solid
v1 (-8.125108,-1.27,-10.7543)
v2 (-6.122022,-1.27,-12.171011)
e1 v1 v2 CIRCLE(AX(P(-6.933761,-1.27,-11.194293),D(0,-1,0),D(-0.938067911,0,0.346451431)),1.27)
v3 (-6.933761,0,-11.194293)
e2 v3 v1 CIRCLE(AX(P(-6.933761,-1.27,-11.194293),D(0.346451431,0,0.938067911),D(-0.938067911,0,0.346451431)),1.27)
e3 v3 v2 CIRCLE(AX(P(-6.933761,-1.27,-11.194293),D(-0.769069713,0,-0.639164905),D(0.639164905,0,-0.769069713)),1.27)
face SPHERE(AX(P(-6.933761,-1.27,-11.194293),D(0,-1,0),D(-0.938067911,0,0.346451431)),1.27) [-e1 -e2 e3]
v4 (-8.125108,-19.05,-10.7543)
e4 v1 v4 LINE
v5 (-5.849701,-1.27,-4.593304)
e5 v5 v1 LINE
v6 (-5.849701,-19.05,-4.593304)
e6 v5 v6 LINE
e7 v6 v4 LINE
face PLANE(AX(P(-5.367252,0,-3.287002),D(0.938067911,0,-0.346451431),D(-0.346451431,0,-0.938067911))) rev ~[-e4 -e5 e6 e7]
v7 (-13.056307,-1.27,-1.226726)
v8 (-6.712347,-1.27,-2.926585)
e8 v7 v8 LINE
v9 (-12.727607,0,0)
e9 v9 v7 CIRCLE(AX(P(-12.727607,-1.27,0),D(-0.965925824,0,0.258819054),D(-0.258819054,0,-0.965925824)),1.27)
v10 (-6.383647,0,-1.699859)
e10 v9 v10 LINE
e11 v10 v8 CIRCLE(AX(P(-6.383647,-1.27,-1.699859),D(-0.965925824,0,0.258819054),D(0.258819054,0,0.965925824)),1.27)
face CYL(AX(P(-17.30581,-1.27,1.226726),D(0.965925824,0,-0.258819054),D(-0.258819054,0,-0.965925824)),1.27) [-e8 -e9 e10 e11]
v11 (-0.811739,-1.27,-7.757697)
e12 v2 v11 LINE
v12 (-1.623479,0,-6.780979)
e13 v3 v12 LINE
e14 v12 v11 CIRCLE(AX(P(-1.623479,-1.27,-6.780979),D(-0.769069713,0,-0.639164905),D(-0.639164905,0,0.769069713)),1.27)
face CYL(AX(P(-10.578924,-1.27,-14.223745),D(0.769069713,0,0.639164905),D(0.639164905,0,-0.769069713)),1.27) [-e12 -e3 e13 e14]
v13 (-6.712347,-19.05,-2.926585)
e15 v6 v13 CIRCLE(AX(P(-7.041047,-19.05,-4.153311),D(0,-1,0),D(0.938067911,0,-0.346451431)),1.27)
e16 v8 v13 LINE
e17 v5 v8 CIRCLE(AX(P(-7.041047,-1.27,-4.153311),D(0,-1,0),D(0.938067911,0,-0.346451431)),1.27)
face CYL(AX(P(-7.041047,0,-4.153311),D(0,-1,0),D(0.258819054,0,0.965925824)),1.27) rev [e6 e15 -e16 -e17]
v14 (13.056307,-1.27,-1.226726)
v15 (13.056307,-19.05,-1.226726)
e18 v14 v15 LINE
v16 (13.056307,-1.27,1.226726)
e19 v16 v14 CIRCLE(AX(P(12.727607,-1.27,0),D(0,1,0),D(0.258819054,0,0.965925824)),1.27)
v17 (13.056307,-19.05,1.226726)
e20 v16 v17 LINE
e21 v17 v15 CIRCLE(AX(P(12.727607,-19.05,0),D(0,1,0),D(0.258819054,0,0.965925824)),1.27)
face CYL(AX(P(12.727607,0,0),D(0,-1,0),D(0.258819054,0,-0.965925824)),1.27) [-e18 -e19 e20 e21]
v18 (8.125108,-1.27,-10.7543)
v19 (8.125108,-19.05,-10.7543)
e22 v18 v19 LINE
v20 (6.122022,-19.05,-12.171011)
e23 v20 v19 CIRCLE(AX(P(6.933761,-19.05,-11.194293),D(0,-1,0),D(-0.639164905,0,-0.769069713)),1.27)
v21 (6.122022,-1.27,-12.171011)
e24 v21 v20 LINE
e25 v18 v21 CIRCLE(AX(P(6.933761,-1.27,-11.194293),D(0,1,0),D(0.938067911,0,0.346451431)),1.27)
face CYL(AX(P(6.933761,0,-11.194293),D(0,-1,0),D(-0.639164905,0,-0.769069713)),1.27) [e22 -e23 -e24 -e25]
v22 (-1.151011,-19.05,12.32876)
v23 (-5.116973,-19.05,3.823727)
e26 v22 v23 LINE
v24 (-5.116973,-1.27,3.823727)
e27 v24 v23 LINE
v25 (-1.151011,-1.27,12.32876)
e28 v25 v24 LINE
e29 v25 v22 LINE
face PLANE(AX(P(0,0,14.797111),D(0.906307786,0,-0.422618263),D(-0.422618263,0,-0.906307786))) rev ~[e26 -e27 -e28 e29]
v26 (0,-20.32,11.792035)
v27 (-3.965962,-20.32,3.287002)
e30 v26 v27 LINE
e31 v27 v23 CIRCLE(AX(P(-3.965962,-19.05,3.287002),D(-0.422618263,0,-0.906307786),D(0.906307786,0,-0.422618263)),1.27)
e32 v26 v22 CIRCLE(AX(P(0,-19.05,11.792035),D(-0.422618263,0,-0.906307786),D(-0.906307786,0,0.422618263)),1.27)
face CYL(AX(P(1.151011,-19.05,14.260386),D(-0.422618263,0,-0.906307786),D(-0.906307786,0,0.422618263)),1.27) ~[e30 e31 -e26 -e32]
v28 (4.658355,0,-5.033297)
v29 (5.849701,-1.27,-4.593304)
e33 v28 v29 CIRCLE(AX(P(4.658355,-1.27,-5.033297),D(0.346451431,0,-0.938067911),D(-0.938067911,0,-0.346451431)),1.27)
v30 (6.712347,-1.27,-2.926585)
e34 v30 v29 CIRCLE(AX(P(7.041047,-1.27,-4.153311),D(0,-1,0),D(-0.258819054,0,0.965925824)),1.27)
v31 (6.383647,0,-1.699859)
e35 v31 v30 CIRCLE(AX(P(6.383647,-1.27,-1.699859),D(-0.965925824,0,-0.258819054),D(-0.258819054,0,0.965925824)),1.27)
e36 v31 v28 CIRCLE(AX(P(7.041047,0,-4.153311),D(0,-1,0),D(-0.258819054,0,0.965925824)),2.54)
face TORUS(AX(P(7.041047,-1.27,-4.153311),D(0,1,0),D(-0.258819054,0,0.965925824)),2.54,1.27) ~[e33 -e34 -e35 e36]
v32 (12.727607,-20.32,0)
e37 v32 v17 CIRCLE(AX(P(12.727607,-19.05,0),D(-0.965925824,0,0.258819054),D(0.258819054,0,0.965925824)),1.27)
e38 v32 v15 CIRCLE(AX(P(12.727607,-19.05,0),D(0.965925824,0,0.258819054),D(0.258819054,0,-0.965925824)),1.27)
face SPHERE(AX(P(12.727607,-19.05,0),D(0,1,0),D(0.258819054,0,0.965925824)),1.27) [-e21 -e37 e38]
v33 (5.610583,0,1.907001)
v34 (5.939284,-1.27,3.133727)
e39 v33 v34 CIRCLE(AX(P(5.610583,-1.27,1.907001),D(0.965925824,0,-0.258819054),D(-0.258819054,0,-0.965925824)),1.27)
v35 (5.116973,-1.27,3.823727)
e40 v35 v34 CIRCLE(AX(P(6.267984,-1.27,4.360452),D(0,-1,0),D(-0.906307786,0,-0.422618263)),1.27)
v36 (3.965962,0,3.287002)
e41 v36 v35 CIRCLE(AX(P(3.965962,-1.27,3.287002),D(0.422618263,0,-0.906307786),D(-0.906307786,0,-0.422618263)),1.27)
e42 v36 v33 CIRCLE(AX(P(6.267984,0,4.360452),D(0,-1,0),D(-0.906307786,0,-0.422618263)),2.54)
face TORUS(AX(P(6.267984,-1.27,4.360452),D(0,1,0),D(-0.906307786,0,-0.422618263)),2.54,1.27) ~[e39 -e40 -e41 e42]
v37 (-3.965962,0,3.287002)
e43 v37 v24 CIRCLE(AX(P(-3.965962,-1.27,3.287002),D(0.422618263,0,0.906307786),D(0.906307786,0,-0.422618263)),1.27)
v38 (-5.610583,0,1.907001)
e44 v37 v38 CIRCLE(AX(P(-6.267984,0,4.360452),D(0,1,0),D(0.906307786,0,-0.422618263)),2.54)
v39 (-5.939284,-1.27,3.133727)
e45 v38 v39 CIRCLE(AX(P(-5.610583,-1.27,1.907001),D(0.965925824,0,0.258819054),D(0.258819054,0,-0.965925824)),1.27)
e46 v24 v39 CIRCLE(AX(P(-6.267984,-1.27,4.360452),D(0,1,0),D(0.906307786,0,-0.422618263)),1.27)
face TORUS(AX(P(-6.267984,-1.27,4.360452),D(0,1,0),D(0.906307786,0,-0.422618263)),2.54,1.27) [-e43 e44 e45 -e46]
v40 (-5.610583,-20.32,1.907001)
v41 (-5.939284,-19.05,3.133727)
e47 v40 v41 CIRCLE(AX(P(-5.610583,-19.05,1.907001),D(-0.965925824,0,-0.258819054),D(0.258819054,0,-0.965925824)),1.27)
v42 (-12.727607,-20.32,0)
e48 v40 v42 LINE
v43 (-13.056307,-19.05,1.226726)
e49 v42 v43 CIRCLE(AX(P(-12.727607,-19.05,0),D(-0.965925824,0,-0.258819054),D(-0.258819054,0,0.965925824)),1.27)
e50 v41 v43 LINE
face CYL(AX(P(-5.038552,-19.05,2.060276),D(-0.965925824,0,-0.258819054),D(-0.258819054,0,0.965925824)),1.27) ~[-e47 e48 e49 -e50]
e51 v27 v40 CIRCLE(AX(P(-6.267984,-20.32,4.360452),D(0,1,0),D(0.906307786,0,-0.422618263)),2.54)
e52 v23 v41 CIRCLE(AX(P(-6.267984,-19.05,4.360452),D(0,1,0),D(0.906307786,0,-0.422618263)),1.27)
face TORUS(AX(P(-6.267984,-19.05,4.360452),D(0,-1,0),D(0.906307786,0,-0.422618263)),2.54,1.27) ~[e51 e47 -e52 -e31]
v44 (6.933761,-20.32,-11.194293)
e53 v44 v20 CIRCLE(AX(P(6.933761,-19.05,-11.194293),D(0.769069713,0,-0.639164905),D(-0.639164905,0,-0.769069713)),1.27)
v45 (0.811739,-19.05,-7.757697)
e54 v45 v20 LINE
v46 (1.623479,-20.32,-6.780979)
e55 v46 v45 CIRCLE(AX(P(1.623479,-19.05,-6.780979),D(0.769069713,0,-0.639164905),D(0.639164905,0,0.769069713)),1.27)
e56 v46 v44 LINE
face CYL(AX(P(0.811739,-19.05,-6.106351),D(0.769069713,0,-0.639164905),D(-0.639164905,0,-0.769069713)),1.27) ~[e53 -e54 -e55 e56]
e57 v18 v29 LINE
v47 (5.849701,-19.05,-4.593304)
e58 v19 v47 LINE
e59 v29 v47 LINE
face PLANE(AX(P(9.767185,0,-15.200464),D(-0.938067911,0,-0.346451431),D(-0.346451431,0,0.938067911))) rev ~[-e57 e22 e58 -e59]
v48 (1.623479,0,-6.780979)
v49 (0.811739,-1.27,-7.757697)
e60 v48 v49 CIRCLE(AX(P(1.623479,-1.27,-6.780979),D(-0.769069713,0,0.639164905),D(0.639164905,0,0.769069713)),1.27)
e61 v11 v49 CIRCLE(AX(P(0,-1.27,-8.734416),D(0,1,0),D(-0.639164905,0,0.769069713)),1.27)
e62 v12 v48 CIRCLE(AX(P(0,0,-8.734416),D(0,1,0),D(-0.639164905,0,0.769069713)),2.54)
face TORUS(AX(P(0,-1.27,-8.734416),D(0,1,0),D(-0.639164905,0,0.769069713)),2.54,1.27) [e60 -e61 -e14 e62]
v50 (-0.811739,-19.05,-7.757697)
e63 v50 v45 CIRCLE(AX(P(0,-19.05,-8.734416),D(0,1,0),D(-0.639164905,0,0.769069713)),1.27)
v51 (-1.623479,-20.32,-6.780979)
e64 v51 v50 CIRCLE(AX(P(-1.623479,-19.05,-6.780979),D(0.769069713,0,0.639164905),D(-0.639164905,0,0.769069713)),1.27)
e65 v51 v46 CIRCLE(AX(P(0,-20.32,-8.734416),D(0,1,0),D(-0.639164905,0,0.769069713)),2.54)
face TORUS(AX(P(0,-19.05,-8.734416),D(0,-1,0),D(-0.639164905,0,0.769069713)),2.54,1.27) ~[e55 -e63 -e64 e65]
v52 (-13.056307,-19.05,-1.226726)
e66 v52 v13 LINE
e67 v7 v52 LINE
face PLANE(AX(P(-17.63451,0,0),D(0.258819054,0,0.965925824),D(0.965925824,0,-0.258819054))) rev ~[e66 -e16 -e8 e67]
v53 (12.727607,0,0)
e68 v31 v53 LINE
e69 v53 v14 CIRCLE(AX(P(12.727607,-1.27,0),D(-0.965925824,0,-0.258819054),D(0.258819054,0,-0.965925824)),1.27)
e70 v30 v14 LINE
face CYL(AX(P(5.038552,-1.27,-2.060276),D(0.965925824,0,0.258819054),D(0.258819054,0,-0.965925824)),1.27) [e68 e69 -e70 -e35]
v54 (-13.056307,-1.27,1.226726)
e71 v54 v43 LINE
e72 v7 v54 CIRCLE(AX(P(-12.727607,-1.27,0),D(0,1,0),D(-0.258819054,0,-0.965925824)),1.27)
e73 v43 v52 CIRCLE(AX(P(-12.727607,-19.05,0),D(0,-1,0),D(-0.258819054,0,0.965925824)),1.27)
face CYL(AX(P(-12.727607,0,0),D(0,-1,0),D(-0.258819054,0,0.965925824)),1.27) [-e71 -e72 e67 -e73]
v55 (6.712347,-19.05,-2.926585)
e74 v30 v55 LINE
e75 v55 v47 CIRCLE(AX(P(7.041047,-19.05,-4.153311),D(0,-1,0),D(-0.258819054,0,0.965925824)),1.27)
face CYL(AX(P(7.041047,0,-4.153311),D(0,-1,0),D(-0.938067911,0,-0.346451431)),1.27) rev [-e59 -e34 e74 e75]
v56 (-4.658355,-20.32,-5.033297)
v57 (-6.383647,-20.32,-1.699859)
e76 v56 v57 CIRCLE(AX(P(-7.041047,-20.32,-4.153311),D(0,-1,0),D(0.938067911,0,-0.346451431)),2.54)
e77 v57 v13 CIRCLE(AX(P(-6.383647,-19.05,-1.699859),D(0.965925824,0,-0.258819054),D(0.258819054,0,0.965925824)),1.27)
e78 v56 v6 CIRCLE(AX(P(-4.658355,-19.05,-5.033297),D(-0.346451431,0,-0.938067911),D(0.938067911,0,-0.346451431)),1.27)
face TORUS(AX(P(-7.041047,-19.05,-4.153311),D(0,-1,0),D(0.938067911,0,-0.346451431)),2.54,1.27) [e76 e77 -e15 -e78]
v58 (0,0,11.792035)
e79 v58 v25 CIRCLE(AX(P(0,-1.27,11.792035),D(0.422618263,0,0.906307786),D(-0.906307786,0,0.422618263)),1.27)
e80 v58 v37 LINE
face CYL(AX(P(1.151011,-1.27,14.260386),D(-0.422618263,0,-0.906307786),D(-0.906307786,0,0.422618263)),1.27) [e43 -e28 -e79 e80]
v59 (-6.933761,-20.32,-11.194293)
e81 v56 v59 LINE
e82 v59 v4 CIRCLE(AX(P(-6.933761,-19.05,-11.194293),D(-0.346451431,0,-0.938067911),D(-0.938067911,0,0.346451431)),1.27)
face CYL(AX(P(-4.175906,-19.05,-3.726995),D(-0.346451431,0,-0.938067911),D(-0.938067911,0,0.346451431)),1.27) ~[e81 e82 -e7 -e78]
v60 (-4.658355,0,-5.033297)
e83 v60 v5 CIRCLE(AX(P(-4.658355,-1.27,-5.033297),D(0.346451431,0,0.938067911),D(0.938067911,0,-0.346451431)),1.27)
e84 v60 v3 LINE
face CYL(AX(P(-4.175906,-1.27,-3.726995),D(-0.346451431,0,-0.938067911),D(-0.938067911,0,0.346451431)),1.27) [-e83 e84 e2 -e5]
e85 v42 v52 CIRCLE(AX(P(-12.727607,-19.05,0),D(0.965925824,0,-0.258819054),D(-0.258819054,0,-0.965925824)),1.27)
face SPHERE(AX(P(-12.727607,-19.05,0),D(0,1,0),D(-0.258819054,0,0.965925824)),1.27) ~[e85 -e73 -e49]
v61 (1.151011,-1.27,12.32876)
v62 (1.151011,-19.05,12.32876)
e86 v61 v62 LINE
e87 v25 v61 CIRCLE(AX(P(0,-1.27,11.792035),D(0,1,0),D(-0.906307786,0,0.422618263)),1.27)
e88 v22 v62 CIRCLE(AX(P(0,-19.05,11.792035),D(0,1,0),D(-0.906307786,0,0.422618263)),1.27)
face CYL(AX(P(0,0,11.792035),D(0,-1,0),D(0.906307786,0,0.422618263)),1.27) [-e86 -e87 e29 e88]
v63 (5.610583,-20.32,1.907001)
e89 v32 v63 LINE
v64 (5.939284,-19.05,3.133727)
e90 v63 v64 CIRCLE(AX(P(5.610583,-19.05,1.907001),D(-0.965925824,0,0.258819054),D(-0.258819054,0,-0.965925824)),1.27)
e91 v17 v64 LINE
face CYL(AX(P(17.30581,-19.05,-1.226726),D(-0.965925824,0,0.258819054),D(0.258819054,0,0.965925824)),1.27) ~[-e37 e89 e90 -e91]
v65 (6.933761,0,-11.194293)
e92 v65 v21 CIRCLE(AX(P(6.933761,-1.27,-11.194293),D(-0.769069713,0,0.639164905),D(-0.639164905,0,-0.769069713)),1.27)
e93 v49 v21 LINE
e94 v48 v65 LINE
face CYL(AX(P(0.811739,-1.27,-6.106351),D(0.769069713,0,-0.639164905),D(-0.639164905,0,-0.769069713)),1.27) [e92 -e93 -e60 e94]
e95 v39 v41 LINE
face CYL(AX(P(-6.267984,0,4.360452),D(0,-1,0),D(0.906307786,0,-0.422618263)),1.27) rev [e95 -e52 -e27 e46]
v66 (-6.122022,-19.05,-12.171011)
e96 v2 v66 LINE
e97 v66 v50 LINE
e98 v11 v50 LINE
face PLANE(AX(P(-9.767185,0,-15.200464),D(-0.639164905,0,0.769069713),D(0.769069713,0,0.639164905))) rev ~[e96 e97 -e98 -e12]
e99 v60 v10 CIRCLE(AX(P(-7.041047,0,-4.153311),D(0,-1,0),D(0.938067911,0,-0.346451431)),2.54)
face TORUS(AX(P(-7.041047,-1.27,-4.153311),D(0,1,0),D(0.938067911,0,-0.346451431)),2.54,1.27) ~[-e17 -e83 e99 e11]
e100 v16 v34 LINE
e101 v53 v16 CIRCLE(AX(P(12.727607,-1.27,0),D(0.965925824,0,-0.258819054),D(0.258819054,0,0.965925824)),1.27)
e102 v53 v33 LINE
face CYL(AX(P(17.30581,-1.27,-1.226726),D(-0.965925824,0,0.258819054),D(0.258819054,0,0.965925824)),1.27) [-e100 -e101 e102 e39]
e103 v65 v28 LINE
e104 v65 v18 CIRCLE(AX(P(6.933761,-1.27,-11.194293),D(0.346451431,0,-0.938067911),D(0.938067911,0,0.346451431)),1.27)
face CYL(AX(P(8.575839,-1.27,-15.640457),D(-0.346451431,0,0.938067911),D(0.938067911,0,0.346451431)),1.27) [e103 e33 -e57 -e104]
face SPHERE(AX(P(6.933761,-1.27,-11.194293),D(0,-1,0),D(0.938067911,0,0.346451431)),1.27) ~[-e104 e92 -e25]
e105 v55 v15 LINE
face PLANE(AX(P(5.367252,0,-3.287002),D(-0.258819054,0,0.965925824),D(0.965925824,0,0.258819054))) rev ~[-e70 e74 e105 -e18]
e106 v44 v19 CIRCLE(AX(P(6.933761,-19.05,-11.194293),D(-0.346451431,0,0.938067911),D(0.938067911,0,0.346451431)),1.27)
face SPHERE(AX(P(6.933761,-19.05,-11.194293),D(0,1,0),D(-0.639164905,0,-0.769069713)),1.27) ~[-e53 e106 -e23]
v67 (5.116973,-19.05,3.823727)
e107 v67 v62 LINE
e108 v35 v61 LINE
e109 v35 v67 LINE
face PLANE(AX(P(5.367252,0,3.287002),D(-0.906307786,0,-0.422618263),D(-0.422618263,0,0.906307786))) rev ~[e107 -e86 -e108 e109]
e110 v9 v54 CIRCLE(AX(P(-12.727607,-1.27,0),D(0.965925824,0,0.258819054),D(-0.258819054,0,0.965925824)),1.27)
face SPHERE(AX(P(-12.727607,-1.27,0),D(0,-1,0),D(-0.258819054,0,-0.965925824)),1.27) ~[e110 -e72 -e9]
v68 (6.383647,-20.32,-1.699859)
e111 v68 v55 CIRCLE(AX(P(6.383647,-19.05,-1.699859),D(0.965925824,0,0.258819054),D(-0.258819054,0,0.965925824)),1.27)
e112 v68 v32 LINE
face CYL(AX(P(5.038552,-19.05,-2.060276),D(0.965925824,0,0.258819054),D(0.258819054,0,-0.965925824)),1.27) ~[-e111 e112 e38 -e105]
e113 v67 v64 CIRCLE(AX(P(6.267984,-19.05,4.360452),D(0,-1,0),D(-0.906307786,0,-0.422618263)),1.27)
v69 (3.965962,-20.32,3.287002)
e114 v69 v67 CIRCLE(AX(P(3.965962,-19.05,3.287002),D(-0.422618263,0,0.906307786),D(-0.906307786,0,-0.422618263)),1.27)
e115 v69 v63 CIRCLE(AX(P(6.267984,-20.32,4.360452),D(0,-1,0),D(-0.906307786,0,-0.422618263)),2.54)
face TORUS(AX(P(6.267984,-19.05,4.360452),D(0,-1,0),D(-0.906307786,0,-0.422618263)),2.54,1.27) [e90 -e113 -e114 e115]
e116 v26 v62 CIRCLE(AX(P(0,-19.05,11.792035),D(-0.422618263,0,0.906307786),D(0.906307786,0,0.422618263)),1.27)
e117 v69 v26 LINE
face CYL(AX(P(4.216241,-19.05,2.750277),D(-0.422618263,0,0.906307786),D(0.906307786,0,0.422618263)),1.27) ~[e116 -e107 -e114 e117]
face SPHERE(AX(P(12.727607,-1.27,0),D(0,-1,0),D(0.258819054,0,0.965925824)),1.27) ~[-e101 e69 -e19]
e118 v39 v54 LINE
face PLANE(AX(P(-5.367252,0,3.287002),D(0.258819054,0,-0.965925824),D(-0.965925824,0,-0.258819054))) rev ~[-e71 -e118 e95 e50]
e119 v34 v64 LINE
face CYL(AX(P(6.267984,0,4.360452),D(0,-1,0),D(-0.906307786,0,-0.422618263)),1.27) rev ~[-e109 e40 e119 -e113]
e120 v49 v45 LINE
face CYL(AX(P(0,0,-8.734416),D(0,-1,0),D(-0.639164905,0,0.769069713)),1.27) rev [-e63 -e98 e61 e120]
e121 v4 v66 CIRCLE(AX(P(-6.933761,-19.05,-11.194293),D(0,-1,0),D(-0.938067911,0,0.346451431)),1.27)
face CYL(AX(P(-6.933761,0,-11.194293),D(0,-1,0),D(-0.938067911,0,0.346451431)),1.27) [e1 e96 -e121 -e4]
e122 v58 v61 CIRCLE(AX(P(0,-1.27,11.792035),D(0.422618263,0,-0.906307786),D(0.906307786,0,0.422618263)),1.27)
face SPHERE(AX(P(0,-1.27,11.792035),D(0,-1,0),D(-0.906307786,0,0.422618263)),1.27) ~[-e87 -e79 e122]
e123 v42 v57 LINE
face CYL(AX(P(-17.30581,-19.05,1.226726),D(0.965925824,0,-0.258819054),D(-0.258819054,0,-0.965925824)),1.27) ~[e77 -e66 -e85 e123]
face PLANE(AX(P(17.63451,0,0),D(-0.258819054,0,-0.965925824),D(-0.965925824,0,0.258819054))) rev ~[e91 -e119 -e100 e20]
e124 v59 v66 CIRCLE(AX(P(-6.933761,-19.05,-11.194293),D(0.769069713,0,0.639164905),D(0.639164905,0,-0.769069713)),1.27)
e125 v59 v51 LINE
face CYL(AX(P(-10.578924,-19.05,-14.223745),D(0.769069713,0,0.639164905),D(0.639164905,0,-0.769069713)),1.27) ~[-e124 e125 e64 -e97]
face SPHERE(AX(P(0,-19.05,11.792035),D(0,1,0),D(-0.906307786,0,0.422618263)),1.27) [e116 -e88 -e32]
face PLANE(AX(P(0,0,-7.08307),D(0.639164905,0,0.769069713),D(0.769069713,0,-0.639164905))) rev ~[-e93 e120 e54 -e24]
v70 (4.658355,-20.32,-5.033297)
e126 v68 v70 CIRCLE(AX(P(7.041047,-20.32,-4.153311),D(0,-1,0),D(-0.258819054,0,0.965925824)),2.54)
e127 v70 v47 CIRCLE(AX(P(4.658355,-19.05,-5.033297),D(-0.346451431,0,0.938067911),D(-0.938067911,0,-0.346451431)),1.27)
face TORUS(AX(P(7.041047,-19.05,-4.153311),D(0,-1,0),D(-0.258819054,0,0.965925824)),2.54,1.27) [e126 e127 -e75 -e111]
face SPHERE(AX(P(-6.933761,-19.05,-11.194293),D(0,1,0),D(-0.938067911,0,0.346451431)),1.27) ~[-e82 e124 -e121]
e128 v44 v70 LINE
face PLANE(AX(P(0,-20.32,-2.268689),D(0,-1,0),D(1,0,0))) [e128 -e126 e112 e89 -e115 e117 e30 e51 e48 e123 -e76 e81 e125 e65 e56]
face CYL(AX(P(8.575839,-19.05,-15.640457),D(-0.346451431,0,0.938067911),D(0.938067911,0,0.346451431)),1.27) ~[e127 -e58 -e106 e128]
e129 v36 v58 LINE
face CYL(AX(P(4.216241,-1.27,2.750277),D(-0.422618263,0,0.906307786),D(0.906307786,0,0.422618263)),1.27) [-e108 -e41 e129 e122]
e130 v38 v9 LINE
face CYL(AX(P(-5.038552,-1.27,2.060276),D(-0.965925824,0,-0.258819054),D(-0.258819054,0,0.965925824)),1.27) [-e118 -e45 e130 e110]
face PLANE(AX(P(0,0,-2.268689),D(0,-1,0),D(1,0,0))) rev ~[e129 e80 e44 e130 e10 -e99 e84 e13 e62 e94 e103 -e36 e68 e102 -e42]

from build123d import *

# Parameters (mm, degrees)
F1_DEPTH = 20.32
F2_R     = 1.27


with BuildPart() as f1:
    # F0 (on Front) → F1 (new body)
    with BuildSketch(Plane.XZ):
        Polygon((5.367252, 3.287002), (0, 14.797111), (-5.367252, 3.287002), (-17.63451, 0), (-5.367252, -3.287002), (-9.767185, -15.200464), (0, -7.08307), (9.767185, -15.200464), (5.367252, -3.287002), (17.63451, 0), align=None)
    extrude(amount=F1_DEPTH)

    # F2
    f2_edges = [f1.edges().sort_by_distance(p)[0] for p in [
        (-11.500881, -20.32, -1.643501),
        (0, -10.16, 14.797111),
        (-17.63451, -10.16, 0),
        (17.63451, -10.16, 0),
        (9.767185, -10.16, -15.200464),
        (-2.683626, -20.32, 9.042056),
        (4.883593, -20.32, -11.141767),
        (11.500881, -20.32, 1.643501),
        (7.567219, 0, -9.243733),
        (-11.500881, -20.32, 1.643501),
        (-11.500881, 0, -1.643501),
        (-5.367252, -10.16, 3.287002),
        (-5.367252, -10.16, -3.287002),
        (-9.767185, -10.16, -15.200464),
        (0, -10.16, -7.08307),
        (5.367252, -10.16, 3.287002),
        (5.367252, -10.16, -3.287002),
        (-2.683626, 0, 9.042056),
        (-11.500881, 0, 1.643501),
        (-7.567219, 0, -9.243733),
        (-7.567219, -20.32, -9.243733),
        (2.683626, 0, 9.042056),
        (2.683626, -20.32, 9.042056),
        (11.500881, 0, 1.643501),
        (11.500881, 0, -1.643501),
        (11.500881, -20.32, -1.643501),
        (7.567219, -20.32, -9.243733),
        (-4.883593, 0, -11.141767),
        (-4.883593, -20.32, -11.141767),
        (4.883593, 0, -11.141767),
    ]]
    fillet(f2_edges, radius=F2_R)


solid = f1.part
